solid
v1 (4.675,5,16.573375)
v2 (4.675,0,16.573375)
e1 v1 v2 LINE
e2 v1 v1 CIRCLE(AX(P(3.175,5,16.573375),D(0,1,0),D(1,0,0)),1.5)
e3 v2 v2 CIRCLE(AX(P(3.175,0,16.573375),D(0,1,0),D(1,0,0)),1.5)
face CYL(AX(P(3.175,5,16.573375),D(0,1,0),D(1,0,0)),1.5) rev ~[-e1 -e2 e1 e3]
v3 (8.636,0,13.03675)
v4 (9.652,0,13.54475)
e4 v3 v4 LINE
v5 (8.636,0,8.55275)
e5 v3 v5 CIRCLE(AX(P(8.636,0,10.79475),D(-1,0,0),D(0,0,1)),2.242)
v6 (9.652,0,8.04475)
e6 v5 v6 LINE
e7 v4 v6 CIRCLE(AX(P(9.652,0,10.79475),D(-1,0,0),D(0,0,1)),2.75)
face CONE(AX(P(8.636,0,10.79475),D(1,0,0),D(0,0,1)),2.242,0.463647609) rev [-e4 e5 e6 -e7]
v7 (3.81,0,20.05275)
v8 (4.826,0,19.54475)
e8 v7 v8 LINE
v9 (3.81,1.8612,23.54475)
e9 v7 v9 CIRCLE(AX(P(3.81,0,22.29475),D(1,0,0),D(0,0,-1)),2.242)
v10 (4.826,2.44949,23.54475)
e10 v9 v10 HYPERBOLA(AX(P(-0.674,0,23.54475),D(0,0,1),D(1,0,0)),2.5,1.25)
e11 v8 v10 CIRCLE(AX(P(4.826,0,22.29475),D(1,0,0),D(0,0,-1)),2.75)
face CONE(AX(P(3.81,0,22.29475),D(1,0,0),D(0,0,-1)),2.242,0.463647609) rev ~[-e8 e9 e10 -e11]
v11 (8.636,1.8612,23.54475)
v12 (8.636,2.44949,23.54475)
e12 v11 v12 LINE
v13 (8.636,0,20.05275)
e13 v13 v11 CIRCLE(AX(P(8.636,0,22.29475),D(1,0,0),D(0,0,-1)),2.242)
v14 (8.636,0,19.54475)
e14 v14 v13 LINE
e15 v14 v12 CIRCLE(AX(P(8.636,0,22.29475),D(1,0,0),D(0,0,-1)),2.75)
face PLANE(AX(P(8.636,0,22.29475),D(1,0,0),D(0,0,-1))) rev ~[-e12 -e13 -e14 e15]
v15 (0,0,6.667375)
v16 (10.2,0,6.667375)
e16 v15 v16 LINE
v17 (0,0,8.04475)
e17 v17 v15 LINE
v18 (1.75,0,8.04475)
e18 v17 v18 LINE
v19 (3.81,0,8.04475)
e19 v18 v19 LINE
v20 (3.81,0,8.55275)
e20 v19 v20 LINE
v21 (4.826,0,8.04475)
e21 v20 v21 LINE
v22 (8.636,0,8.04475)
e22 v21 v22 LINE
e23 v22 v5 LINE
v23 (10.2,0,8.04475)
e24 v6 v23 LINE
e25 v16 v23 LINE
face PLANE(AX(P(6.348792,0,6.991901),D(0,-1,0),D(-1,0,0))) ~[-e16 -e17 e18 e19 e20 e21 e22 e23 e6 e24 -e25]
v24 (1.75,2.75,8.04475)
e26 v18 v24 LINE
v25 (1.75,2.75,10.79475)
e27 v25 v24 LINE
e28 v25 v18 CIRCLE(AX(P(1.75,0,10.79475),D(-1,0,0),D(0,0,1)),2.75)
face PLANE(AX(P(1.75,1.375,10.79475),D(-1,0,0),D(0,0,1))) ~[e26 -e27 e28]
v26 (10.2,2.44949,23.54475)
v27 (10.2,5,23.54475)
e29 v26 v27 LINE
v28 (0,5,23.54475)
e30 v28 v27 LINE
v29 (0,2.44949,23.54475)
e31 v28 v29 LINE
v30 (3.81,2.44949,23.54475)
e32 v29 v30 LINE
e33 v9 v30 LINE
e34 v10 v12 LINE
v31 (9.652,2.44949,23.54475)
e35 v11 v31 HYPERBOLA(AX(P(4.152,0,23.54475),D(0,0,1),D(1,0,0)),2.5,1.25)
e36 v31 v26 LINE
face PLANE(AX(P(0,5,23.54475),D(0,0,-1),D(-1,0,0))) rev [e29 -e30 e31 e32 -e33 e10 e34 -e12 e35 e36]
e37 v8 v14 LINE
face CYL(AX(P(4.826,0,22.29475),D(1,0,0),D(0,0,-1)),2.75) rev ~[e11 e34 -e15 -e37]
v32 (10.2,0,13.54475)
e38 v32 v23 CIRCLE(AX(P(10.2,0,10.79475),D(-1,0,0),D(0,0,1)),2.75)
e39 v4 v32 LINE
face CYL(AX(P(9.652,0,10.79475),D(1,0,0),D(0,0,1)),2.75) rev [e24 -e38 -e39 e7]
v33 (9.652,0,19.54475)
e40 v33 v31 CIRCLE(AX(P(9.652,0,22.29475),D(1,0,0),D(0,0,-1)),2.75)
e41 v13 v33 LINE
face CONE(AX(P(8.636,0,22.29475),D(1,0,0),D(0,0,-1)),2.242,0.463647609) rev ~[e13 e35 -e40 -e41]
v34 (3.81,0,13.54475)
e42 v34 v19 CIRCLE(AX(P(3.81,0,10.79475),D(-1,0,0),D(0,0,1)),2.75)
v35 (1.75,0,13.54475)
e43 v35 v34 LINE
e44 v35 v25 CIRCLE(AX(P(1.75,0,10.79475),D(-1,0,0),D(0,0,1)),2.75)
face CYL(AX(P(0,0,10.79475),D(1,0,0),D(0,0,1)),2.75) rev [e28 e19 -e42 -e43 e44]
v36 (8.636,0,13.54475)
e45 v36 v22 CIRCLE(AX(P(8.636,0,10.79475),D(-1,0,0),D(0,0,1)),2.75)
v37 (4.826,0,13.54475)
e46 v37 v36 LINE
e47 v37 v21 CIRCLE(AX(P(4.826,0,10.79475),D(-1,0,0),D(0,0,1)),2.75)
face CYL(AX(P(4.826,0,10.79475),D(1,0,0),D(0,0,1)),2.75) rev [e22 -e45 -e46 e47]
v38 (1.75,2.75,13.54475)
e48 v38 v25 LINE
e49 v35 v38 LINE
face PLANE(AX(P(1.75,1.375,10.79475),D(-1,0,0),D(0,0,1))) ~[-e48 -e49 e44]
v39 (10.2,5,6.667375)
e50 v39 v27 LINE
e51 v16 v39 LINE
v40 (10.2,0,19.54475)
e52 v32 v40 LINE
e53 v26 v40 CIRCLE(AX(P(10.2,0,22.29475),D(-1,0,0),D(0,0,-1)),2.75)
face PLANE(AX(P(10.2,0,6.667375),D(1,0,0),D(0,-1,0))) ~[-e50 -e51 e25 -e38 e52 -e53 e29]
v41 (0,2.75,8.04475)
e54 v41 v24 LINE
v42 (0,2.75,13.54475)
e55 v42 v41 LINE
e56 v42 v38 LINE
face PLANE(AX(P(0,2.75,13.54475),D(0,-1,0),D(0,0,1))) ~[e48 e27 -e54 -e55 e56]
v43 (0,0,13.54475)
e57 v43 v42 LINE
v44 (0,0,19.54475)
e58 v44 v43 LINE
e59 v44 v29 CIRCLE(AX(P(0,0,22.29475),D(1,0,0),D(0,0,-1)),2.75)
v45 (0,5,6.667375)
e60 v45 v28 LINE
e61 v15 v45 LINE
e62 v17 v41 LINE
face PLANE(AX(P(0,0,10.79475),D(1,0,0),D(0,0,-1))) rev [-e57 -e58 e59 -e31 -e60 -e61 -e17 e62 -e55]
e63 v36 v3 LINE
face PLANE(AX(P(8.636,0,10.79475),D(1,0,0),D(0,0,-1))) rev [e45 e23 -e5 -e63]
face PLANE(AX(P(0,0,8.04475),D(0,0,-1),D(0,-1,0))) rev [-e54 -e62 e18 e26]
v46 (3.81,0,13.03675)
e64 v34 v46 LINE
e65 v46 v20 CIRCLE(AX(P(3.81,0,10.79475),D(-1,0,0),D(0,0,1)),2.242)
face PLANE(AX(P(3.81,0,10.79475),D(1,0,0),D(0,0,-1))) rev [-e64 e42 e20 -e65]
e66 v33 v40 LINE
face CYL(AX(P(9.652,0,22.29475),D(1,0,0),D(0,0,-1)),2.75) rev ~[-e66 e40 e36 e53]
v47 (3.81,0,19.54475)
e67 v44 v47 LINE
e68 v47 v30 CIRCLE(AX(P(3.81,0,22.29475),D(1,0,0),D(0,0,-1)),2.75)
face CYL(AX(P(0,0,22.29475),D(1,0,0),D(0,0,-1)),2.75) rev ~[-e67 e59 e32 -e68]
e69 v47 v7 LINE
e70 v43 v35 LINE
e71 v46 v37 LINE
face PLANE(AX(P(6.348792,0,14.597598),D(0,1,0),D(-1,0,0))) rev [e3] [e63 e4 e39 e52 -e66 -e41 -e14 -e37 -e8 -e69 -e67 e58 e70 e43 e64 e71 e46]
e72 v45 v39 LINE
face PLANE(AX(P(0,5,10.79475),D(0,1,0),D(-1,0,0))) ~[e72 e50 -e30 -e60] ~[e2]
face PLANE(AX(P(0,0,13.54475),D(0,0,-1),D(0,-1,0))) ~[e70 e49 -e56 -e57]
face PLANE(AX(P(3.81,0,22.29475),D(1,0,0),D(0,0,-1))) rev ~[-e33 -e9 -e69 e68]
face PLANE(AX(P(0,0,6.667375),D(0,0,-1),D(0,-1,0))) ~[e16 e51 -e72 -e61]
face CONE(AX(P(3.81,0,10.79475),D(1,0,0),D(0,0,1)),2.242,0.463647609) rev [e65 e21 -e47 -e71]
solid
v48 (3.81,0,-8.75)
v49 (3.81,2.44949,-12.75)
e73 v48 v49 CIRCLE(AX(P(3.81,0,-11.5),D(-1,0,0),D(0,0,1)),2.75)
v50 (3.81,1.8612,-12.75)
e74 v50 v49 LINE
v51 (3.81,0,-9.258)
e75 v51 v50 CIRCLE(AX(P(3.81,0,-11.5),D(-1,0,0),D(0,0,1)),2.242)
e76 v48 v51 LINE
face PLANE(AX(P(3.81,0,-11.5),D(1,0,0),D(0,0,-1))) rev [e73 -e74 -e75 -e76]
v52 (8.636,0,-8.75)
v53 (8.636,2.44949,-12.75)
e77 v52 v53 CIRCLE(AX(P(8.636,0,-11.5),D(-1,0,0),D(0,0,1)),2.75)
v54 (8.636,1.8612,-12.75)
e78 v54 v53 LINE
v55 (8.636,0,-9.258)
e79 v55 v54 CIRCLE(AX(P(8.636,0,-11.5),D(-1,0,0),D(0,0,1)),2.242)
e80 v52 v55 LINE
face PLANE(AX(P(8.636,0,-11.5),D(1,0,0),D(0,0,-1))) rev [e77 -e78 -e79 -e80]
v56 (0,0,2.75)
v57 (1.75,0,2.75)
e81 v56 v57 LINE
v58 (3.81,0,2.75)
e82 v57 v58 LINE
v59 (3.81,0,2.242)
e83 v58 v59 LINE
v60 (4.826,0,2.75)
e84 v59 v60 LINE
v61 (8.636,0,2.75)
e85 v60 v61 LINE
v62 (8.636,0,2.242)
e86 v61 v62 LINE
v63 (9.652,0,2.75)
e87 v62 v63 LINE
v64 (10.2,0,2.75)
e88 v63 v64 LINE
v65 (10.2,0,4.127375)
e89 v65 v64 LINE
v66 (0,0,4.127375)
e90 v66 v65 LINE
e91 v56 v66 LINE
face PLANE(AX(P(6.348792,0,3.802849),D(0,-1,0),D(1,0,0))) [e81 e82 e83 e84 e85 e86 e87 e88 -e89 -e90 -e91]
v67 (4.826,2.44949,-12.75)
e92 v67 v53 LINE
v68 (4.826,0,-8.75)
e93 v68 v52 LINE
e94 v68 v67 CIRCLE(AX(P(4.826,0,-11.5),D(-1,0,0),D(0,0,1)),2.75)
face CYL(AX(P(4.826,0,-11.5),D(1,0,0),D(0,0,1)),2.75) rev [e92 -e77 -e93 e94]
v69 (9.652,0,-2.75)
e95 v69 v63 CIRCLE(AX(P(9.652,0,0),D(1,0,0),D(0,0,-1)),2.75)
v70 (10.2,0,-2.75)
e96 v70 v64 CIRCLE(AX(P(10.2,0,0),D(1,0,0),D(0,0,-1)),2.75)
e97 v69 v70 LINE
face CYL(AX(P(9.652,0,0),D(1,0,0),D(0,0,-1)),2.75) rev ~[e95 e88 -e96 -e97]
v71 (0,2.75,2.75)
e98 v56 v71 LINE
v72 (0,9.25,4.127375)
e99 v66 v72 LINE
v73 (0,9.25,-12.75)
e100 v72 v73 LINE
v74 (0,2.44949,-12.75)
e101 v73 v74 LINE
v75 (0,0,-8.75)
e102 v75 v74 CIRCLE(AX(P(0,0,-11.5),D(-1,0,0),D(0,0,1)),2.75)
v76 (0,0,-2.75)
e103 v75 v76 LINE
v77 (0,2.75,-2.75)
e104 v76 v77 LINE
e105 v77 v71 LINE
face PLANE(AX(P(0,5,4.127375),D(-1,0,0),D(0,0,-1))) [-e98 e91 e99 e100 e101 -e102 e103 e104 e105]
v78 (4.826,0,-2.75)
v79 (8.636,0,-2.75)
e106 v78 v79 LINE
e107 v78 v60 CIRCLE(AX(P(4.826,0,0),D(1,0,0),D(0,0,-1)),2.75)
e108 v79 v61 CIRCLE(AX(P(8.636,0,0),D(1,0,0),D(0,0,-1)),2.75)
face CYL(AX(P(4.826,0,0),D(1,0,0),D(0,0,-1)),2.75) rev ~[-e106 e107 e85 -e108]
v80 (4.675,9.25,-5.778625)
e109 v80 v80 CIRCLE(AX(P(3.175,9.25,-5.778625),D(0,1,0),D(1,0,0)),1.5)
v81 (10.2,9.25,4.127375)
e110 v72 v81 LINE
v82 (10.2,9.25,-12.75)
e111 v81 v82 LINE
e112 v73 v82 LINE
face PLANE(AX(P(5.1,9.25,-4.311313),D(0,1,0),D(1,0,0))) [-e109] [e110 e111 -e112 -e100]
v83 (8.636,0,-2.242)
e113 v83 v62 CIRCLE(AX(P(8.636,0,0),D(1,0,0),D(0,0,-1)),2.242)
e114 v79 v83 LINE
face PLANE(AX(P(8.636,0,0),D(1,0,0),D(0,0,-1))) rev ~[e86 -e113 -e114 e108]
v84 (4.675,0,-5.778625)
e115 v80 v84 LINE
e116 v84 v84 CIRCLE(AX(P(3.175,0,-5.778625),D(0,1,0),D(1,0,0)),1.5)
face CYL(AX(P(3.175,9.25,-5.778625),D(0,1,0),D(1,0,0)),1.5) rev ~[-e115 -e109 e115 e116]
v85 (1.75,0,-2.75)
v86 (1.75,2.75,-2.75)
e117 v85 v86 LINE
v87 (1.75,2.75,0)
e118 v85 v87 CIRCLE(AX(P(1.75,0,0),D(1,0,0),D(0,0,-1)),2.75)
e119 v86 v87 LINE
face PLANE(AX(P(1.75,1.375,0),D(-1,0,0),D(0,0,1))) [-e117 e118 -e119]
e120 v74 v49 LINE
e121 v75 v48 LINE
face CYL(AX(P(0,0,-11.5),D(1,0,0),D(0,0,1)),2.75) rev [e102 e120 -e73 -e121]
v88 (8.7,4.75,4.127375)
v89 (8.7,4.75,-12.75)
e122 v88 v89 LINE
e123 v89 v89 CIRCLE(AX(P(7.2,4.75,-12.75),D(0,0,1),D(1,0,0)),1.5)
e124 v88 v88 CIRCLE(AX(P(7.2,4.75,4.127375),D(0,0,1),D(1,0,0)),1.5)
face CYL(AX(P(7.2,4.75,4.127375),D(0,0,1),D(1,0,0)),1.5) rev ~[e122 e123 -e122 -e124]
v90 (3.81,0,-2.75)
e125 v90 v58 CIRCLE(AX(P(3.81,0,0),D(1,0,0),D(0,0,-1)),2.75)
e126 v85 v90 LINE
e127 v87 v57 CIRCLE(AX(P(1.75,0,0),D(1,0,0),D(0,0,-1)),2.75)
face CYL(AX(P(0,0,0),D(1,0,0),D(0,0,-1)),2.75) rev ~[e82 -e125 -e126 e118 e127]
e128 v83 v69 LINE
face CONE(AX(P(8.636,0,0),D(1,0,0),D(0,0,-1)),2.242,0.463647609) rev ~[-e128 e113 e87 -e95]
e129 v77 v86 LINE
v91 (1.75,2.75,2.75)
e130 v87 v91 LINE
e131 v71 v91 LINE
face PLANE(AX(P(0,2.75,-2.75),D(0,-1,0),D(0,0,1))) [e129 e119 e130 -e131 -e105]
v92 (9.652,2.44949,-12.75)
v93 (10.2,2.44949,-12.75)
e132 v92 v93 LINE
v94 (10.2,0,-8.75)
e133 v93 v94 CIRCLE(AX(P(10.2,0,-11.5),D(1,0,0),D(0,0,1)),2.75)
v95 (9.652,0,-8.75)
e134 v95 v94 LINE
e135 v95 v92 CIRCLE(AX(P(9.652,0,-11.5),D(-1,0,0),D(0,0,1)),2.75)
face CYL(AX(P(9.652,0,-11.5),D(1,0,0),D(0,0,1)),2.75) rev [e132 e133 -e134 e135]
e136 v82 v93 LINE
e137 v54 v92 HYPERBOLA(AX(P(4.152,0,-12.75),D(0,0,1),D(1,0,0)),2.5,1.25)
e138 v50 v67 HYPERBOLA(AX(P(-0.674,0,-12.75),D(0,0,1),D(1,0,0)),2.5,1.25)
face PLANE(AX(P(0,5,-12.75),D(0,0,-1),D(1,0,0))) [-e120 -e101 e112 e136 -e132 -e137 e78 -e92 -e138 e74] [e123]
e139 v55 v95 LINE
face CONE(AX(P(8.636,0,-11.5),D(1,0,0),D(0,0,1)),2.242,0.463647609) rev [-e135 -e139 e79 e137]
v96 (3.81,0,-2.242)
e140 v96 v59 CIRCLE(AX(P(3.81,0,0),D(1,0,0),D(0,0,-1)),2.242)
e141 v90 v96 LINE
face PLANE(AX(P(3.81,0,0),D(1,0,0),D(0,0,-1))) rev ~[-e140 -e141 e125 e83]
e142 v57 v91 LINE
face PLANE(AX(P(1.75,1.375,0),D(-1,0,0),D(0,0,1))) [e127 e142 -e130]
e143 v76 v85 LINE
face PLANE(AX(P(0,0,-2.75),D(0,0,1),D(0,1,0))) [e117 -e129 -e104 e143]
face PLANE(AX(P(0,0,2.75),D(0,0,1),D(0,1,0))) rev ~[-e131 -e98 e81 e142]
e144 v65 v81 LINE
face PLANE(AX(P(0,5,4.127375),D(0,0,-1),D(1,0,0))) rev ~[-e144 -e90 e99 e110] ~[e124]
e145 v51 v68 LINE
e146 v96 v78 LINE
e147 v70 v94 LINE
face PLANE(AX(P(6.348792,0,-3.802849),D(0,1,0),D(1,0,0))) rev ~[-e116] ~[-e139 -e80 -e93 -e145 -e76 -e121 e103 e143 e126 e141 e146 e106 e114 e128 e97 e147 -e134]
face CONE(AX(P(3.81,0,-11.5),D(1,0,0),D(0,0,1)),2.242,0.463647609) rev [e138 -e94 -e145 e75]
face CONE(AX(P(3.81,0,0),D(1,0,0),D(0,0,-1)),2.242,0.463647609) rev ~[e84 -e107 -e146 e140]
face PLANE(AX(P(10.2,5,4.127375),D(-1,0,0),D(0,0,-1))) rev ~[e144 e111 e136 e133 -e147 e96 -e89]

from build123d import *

# Parameters (mm, degrees)
REVOLVE1_ANGLE           = 180
BOSS_EXTRUDE1_DEPTH      = 9.25
BOSS_EXTRUDE1_DEPTH_BACK = 9.25
BOSS_EXTRUDE2_START      = 3.5
BOSS_EXTRUDE2_DEPTH      = 5.75
BOSS_EXTRUDE3_START      = -3.5
BOSS_EXTRUDE3_DEPTH      = 5.75
SKETCH14_W               = 2.5
SKETCH14_H               = 5
CUT_EXTRUDE10_DEPTH      = 17.487950145
SKETCH13_W               = 5.5
SKETCH13_H               = 2.75
CUT_EXTRUDE9_DEPTH       = 1.75
SKETCH15_W               = 12.7
SKETCH15_H               = 8
CUT_EXTRUDE11_DEPTH      = 25.836515456
SKETCH16_W               = 5.122625222
SKETCH16_H               = 5
CUT_EXTRUDE12_DEPTH      = 19.677593528
SKETCH22_W               = 2.5
SKETCH22_H               = 5
CUT_EXTRUDE17_DEPTH      = 22.705662381
SKETCH17_W               = 10.2
SKETCH17_H               = 16.877374778
BOSS_EXTRUDE4_DEPTH      = 4.25
SKETCH18_R               = 1.5
CUT_EXTRUDE13_DEPTH      = 28.275588567
SKETCH19_R               = 1.5
CUT_EXTRUDE14_DEPTH      = 27.141829157
SKETCH20_R               = 1.5
CUT_EXTRUDE16_DEPTH      = 24.804137104


with BuildPart() as part:
    # Sketch6 → Revolve1 (revolve)
    with BuildSketch(Plane(origin=(0, 0, 0), x_dir=(1, 0, 0), z_dir=(0, 1, 0))):
        Polygon((0, 5), (0, 2.75), (3.81, 2.75), (3.81, 2.242), (4.826, 2.75), (8.636, 2.75), (8.636, 2.242), (9.652, 2.75), (12.7, 2.75), (12.7, 5), align=None)
    revolve(axis=Axis((0, 0, 0), (1, 0, 0)), revolution_arc=REVOLVE1_ANGLE)

    # Sketch9 → Boss-Extrude1 (add, two sides: drawn at the far end of the back side and taken through both)
    with BuildSketch(Plane.XY.offset(-BOSS_EXTRUDE1_DEPTH_BACK)):
        Polygon((0, 5), (0, 3.25), (12.7, 2.75), (12.7, 5), align=None)
    extrude(amount=BOSS_EXTRUDE1_DEPTH + BOSS_EXTRUDE1_DEPTH_BACK)

    # Sketch9<3> → Boss-Extrude2 (add)
    with BuildSketch(Plane.XY.offset(BOSS_EXTRUDE2_START)):
        Polygon((0, 3.25), (0, 0), (12.7, 0), (12.7, 2.75), align=None)
    extrude(amount=BOSS_EXTRUDE2_DEPTH)

    # Sketch9<4> → Boss-Extrude3 (add)
    with BuildSketch(Plane.XY.offset(BOSS_EXTRUDE3_START)):
        Polygon((0, 3.25), (0, 0), (12.7, 0), (12.7, 2.75), align=None)
    extrude(amount=-BOSS_EXTRUDE3_DEPTH)

    # Sketch14 → Cut-Extrude10 (cut, through all)
    with BuildSketch(Plane.ZY):
        with Locations((-8, 2.5)):
            Rectangle(SKETCH14_W, SKETCH14_H)
    extrude(amount=-CUT_EXTRUDE10_DEPTH, mode=Mode.SUBTRACT)

    # Mirror4: part across plane


with BuildPart() as part_1:
    add(part.part)
    add(part.part.mirror(Plane.XY.offset(-5.75)))

    # Sketch13 → Cut-Extrude9 (cut)
    with BuildSketch(Plane.ZY):
        with Locations((0, 1.375)):
            Rectangle(SKETCH13_W, SKETCH13_H)
    extrude(amount=-CUT_EXTRUDE9_DEPTH, mode=Mode.SUBTRACT)

    # Sketch15 → Cut-Extrude11 (cut, through all)
    with BuildSketch(Plane(origin=(0, 5, 0), x_dir=(1, 0, 0), z_dir=(0, 1, 0))):
        with Locations((6.35, 16.75)):
            Rectangle(SKETCH15_W, SKETCH15_H)
    extrude(amount=-CUT_EXTRUDE11_DEPTH, mode=Mode.SUBTRACT)

    # Sketch16 → Cut-Extrude12 (cut, through all)
    with BuildSketch(Plane.ZY):
        with Locations((6.688687389, 2.5)):
            Rectangle(SKETCH16_W, SKETCH16_H)
    extrude(amount=-CUT_EXTRUDE12_DEPTH, mode=Mode.SUBTRACT)

    # Sketch22 → Cut-Extrude17 (cut, through all)
    with BuildSketch(Plane.XY.offset(4.127374778)):
        with Locations((11.45, 2.5)):
            Rectangle(SKETCH22_W, SKETCH22_H)
    extrude(amount=-CUT_EXTRUDE17_DEPTH, mode=Mode.SUBTRACT)


with BuildPart() as body_2:
    # Mirror8: mirrored copy
    add(part_1.part.mirror(Plane.XY.offset(5.397374778)))

    # Sketch19 → Cut-Extrude14 (cut, through all)
    with BuildSketch(Plane(origin=(0, 5, 0), x_dir=(1, 0, 0), z_dir=(0, 1, 0))):
        with Locations((3.175, -16.573374778)):
            Circle(SKETCH19_R)
    extrude(amount=-CUT_EXTRUDE14_DEPTH, mode=Mode.SUBTRACT)


with BuildPart() as part_2:
    add(part_1.part)

    # Sketch17 → Boss-Extrude4 (add)
    with BuildSketch(Plane(origin=(0, 5, 0), x_dir=(1, 0, 0), z_dir=(0, 1, 0))):
        with Locations((5.1, 4.311312611)):
            Rectangle(SKETCH17_W, SKETCH17_H)
    extrude(amount=BOSS_EXTRUDE4_DEPTH)

    # Sketch18 → Cut-Extrude13 (cut, through all)
    with BuildSketch(Plane(origin=(0, 9.25, 0), x_dir=(1, 0, 0), z_dir=(0, 1, 0))):
        with Locations((3.175, 5.778625222)):
            Circle(SKETCH18_R)
    extrude(amount=-CUT_EXTRUDE13_DEPTH, mode=Mode.SUBTRACT)

    # Sketch20 → Cut-Extrude16 (cut, through all)
    with BuildSketch(Plane.XY.offset(4.127374778)):
        with Locations((7.2, 4.75)):
            Circle(SKETCH20_R)
    extrude(amount=-CUT_EXTRUDE16_DEPTH, mode=Mode.SUBTRACT)


solid = Compound([body_2.part, part_2.part])
